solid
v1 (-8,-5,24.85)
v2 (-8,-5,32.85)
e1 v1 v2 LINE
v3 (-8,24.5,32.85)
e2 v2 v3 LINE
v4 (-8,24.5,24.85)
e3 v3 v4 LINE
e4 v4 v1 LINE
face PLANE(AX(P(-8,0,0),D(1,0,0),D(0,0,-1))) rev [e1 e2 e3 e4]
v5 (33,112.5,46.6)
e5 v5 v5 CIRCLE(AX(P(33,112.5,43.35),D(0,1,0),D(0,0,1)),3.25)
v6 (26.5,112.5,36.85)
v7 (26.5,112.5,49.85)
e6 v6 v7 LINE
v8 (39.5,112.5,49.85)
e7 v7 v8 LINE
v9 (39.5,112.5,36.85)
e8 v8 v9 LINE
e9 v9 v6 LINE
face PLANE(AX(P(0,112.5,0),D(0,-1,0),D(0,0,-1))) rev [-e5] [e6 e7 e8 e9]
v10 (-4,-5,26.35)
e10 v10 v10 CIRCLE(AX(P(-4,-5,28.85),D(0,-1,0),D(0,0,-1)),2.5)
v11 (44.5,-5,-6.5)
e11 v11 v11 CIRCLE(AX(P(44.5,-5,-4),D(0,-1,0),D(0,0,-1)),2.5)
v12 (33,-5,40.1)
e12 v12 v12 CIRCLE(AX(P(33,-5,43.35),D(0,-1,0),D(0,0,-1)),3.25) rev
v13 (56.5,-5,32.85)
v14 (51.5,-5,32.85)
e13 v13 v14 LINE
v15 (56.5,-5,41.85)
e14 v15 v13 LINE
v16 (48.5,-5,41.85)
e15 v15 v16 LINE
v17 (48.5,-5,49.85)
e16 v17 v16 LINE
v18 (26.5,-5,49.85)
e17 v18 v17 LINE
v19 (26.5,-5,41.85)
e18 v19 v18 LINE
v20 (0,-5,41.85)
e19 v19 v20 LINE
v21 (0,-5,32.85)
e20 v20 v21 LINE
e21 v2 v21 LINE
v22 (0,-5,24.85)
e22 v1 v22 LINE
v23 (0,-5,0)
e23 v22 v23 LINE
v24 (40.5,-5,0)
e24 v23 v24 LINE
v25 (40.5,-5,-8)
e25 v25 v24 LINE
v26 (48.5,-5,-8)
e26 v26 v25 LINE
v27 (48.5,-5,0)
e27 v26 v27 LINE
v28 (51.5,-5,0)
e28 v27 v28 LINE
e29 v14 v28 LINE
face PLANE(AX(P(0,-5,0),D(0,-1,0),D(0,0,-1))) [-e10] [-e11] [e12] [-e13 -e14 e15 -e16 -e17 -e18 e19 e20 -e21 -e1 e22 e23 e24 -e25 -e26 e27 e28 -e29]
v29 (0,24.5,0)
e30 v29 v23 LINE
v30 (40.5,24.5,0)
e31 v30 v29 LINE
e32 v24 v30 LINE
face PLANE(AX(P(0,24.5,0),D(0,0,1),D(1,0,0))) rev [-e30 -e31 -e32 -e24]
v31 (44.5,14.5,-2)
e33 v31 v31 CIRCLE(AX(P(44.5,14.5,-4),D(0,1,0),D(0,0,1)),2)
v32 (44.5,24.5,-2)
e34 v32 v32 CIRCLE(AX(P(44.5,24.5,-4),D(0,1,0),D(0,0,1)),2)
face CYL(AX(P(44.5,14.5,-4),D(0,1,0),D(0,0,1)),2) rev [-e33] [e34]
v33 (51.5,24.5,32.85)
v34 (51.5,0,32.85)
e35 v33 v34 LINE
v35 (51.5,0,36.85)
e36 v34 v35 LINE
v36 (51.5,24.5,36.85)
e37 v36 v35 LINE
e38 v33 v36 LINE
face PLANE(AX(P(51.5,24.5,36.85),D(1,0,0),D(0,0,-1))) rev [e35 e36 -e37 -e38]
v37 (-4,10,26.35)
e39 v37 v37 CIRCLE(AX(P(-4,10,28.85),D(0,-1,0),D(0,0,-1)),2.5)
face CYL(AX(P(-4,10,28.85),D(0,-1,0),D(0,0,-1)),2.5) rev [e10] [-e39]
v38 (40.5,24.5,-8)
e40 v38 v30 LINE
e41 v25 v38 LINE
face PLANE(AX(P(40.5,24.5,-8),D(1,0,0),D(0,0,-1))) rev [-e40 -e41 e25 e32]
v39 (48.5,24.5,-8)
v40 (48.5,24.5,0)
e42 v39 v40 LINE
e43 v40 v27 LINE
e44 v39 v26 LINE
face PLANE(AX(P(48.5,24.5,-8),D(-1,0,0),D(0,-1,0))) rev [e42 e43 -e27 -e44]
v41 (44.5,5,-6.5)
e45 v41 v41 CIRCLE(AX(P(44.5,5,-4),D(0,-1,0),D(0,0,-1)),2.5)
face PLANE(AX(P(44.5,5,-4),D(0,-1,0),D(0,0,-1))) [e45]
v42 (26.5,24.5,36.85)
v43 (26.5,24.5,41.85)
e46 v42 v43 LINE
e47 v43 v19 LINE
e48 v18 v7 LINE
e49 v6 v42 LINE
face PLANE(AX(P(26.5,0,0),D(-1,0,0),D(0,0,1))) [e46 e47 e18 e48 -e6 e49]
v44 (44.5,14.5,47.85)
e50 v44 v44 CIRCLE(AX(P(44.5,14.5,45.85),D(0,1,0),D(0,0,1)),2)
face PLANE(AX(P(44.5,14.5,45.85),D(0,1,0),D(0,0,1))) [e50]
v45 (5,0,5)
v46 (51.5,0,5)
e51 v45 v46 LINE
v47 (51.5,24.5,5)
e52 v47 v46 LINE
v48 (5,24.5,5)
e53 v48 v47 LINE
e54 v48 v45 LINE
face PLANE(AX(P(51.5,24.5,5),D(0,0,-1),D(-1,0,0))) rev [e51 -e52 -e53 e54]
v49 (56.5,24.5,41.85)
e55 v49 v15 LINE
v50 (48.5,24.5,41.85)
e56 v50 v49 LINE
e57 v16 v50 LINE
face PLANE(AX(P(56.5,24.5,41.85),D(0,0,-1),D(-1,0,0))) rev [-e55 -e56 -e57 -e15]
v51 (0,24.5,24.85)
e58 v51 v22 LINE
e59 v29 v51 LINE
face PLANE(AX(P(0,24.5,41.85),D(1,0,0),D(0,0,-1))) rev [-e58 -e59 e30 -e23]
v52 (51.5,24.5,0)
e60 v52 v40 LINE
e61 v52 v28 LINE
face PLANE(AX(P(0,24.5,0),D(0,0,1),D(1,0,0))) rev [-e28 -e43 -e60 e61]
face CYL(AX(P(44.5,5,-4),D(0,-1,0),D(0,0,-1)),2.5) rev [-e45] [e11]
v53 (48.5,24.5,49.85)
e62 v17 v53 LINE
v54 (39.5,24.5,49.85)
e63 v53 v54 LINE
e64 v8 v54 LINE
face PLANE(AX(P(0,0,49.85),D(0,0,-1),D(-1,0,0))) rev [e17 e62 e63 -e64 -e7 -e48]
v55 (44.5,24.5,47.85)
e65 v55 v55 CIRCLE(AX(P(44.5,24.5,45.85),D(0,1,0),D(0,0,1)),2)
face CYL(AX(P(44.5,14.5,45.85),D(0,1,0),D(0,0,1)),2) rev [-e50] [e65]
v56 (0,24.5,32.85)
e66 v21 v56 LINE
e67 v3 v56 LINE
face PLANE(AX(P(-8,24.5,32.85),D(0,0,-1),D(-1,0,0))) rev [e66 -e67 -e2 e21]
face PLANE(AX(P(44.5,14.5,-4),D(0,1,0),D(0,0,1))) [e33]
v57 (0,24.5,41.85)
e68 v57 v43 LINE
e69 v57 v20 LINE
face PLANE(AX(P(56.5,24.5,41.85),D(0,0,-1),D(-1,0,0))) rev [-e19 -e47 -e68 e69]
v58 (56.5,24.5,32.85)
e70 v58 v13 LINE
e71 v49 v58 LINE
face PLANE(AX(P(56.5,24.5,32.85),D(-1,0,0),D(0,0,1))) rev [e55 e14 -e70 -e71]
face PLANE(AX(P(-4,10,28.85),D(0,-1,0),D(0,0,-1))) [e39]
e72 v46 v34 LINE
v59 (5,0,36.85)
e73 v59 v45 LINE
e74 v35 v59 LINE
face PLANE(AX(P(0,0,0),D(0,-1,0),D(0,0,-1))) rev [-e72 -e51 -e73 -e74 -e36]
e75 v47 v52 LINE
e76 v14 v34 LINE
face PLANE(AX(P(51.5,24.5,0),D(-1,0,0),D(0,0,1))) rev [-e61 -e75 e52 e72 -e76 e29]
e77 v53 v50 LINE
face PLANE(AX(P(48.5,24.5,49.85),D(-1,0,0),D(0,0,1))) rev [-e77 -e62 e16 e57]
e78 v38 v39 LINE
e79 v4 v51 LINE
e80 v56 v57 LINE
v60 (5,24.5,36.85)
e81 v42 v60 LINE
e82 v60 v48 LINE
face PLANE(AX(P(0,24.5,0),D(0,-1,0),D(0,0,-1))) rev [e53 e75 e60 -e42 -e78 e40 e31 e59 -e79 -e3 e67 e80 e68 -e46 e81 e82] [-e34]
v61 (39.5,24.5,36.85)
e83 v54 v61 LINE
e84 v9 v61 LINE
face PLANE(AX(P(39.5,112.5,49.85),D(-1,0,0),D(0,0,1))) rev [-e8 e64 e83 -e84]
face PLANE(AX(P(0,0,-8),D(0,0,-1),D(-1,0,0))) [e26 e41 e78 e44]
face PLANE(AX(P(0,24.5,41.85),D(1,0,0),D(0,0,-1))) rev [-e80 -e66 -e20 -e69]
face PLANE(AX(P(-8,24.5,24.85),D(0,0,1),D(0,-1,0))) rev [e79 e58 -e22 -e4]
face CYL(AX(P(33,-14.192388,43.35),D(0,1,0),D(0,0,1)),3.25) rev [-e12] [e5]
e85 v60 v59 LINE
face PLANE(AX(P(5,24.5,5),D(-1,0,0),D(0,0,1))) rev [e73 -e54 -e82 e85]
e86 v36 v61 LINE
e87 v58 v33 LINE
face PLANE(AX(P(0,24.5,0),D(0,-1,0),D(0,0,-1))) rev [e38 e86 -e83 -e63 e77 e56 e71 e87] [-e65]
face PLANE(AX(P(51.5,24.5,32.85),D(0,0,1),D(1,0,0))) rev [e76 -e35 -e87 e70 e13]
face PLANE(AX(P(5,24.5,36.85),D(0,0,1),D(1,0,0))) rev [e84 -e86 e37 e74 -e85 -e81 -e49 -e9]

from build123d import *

# Parameters (mm, degrees)
BOSS_EXTRUDE1_DEPTH  = 24.5
SKETCH2_W            = 103
SKETCH2_H            = 41.85
BOSS_EXTRUDE2_DEPTH  = 5
SKETCH3_W            = 46.5
SKETCH3_H            = 27.85
CUT_EXTRUDE1_DEPTH   = 26
SKETCH7_W            = 8
SKETCH7_H            = 3
BOSS_EXTRUDE3_DEPTH  = 8
SKETCH8_R            = 2.5
CUT_EXTRUDE2_DEPTH   = 8
SKETCH9_W            = 8
SKETCH9_H            = 3
BOSS_EXTRUDE4_DEPTH  = 8
SKETCH10_R           = 2.5
CUT_EXTRUDE3_DEPTH   = 8
SKETCH12_W           = 11.5
SKETCH12_H           = 5
CUT_EXTRUDE4_DEPTH   = 8
SKETCH14_W           = 8
SKETCH14_H           = 3
BOSS_EXTRUDE5_DEPTH  = 8
SKETCH15_R           = 2.5
CUT_EXTRUDE5_DEPTH   = 8
SKETCH16_W           = 8
SKETCH16_H           = 29.5
BOSS_EXTRUDE6_DEPTH  = 8
SKETCH17_W           = 14
SKETCH17_H           = 29.5
BOSS_EXTRUDE7_DEPTH  = 8
SKETCH18_R           = 2
CUT_EXTRUDE6_DEPTH   = 10
SKETCH19_W           = 8
SKETCH19_H           = 29.5
BOSS_EXTRUDE8_DEPTH  = 8
SKETCH20_W           = 13
SKETCH20_H           = 13
BOSS_EXTRUDE9_DEPTH  = 88
CUT_EXTRUDE8_DEPTH   = 48
SKETCH23_R           = 2.5
CUT_EXTRUDE9_DEPTH   = 10
SKETCH26_R           = 3.25
CUT_EXTRUDE11_DEPTH  = 117.5
SKETCH25_W           = 8
SKETCH25_H           = 3
CUT_EXTRUDE10_DEPTH  = 8
SKETCH27_W           = 8
SKETCH27_H           = 29.5
BOSS_EXTRUDE11_DEPTH = 8
SKETCH28_R           = 2.5
CUT_EXTRUDE12_DEPTH  = 15


with BuildPart() as part:
    # Sketch1 → Boss-Extrude1 (new body)
    with BuildSketch(Plane(origin=(0, 0, 0), x_dir=(1, 0, 0), z_dir=(0, 1, 0))):
        Polygon((0, 0), (51.5, 0), (51.5, -5), (5, -5), (5, -36.85), (51.5, -36.85), (51.5, -32.85), (56.5, -32.85), (56.5, -41.85), (0, -41.85), align=None)
    extrude(amount=BOSS_EXTRUDE1_DEPTH)

    # Sketch2 → Boss-Extrude2 (add)
    with BuildSketch(Plane.XZ):
        with Locations((51.5, 20.925)):
            Rectangle(SKETCH2_W, SKETCH2_H)
    extrude(amount=BOSS_EXTRUDE2_DEPTH)

    # Sketch3 → Cut-Extrude1 (cut)
    with BuildSketch(Plane(origin=(0, 0, 0), x_dir=(1, 0, 0), z_dir=(0, 1, 0))):
        with Locations((74.75, -18.925)):
            Rectangle(SKETCH3_W, SKETCH3_H)
    extrude(amount=-CUT_EXTRUDE1_DEPTH, mode=Mode.SUBTRACT)

    # Sketch7 → Boss-Extrude3 (add)
    with BuildSketch(Plane.XY.offset(41.85)):
        with Locations((4, -3.5)):
            Rectangle(SKETCH7_W, SKETCH7_H)
    extrude(amount=BOSS_EXTRUDE3_DEPTH)

    # Sketch8 → Cut-Extrude2 (cut)
    with BuildSketch(Plane(origin=(0, -2, 0), x_dir=(1, 0, 0), z_dir=(0, 1, 0))):
        with Locations(Location((4, -45.85, 0), (0, 0, 270))):
            Circle(SKETCH8_R)
    extrude(amount=-CUT_EXTRUDE2_DEPTH, mode=Mode.SUBTRACT)

    # Sketch9 → Boss-Extrude4 (add)
    with BuildSketch(Plane(origin=(0, 0, 0), x_dir=(-1, 0, 0), z_dir=(0, 0, -1))):
        with Locations((-99, -3.5)):
            Rectangle(SKETCH9_W, SKETCH9_H)
    extrude(amount=BOSS_EXTRUDE4_DEPTH)

    # Sketch10 → Cut-Extrude3 (cut)
    with BuildSketch(Plane(origin=(0, -2, 0), x_dir=(1, 0, 0), z_dir=(0, 1, 0))):
        with Locations(Location((99, 3.996680608, 0), (0, 0, 270))):
            Circle(SKETCH10_R)
    extrude(amount=-CUT_EXTRUDE3_DEPTH, mode=Mode.SUBTRACT)

    # Sketch12 → Cut-Extrude4 (cut)
    with BuildSketch(Plane(origin=(0, 0, 0), x_dir=(1, 0, 0), z_dir=(0, 1, 0))):
        with Locations((89.25, -2.5)):
            Rectangle(SKETCH12_W, SKETCH12_H)
    extrude(amount=-CUT_EXTRUDE4_DEPTH, mode=Mode.SUBTRACT)

    # Sketch14 → Boss-Extrude5 (add)
    with BuildSketch(Plane(origin=(0, 0, 0), x_dir=(-1, 0, 0), z_dir=(0, 0, -1))):
        with Locations((-79.5, -3.5)):
            Rectangle(SKETCH14_W, SKETCH14_H)
    extrude(amount=BOSS_EXTRUDE5_DEPTH)

    # Sketch15 → Cut-Extrude5 (cut)
    with BuildSketch(Plane(origin=(0, -2, 0), x_dir=(1, 0, 0), z_dir=(0, 1, 0))):
        with Locations(Location((79.5, 4, 0), (0, 0, 270))):
            Circle(SKETCH15_R)
    extrude(amount=-CUT_EXTRUDE5_DEPTH, mode=Mode.SUBTRACT)

    # Sketch16 → Boss-Extrude6 (add)
    with BuildSketch(Plane(origin=(0, 0, 0), x_dir=(-1, 0, 0), z_dir=(0, 0, -1))):
        with Locations((-44.5, 9.75)):
            Rectangle(SKETCH16_W, SKETCH16_H)
    extrude(amount=BOSS_EXTRUDE6_DEPTH)

    # Sketch17 → Boss-Extrude7 (add)
    with BuildSketch(Plane.XY.offset(41.85)):
        with Locations((41.5, 9.75)):
            Rectangle(SKETCH17_W, SKETCH17_H)
    extrude(amount=BOSS_EXTRUDE7_DEPTH)

    # Sketch18 → Cut-Extrude6 (cut)
    with BuildSketch(Plane(origin=(0, 24.5, 0), x_dir=(1, 0, 0), z_dir=(0, 1, 0))):
        with Locations(Location((44.5, 4, 0), (0, 0, 270))):
            Circle(SKETCH18_R)
        with Locations(Location((44.5, -45.85, 0), (0, 0, 270))):
            Circle(SKETCH18_R)
    extrude(amount=-CUT_EXTRUDE6_DEPTH, mode=Mode.SUBTRACT)

    # Sketch19 → Boss-Extrude8 (add)
    with BuildSketch(Plane.ZY.offset(-34.5)):
        with Locations((45.85, 9.75)):
            Rectangle(SKETCH19_W, SKETCH19_H)
    extrude(amount=BOSS_EXTRUDE8_DEPTH)

    # Sketch20 → Boss-Extrude9 (add)
    with BuildSketch(Plane(origin=(0, 24.5, 0), x_dir=(1, 0, 0), z_dir=(0, 1, 0))):
        with Locations((33, -43.35)):
            Rectangle(SKETCH20_W, SKETCH20_H)
    extrude(amount=BOSS_EXTRUDE9_DEPTH)

    # Sketch22 → Cut-Extrude8 (cut)
    with BuildSketch(Plane(origin=(0, 0, 0), x_dir=(1, 0, 0), z_dir=(0, 1, 0))):
        Polygon((103, 0), (103, 8), (51.5, 8), (51.5, -32.85), (56.5, -32.85), (98, -32.85), (98, -5), (95, -5), (95, 0), align=None)
        Polygon((103, -41.85), (103, -32.85), (98, -32.85), (56.5, -32.85), (56.5, -41.85), align=None)
        Polygon((103, -32.85), (103, 0), (95, 0), (95, -5), (98, -5), (98, -32.85), align=None)
    extrude(amount=-CUT_EXTRUDE8_DEPTH, mode=Mode.SUBTRACT)

    # Sketch23 → Cut-Extrude9 (cut)
    with BuildSketch(Plane.XZ.offset(5)):
        with Locations(Location((44.5, -4, 0), (0, 0, 270))):
            Circle(SKETCH23_R)
    extrude(amount=-CUT_EXTRUDE9_DEPTH, mode=Mode.SUBTRACT)

    # Sketch26 → Cut-Extrude11 (cut)
    with BuildSketch(Plane(origin=(0, 112.5, 0), x_dir=(1, 0, 0), z_dir=(0, 1, 0))):
        with Locations(Location((33, -43.35, 0), (0, 0, 270))):
            Circle(SKETCH26_R)
    extrude(amount=-CUT_EXTRUDE11_DEPTH, mode=Mode.SUBTRACT)

    # Sketch25 → Cut-Extrude10 (cut)
    with BuildSketch(Plane.XY.offset(49.85)):
        with Locations((4, -3.5)):
            Rectangle(SKETCH25_W, SKETCH25_H)
    extrude(amount=-CUT_EXTRUDE10_DEPTH, mode=Mode.SUBTRACT)

    # Sketch27 → Boss-Extrude11 (add)
    with BuildSketch(Plane.ZY):
        with Locations((28.85, 9.75)):
            Rectangle(SKETCH27_W, SKETCH27_H)
    extrude(amount=BOSS_EXTRUDE11_DEPTH)

    # Sketch28 → Cut-Extrude12 (cut)
    with BuildSketch(Plane.XZ.offset(5)):
        with Locations(Location((-4, 28.85, 0), (0, 0, 270))):
            Circle(SKETCH28_R)
    extrude(amount=-CUT_EXTRUDE12_DEPTH, mode=Mode.SUBTRACT)


solid = part.part
